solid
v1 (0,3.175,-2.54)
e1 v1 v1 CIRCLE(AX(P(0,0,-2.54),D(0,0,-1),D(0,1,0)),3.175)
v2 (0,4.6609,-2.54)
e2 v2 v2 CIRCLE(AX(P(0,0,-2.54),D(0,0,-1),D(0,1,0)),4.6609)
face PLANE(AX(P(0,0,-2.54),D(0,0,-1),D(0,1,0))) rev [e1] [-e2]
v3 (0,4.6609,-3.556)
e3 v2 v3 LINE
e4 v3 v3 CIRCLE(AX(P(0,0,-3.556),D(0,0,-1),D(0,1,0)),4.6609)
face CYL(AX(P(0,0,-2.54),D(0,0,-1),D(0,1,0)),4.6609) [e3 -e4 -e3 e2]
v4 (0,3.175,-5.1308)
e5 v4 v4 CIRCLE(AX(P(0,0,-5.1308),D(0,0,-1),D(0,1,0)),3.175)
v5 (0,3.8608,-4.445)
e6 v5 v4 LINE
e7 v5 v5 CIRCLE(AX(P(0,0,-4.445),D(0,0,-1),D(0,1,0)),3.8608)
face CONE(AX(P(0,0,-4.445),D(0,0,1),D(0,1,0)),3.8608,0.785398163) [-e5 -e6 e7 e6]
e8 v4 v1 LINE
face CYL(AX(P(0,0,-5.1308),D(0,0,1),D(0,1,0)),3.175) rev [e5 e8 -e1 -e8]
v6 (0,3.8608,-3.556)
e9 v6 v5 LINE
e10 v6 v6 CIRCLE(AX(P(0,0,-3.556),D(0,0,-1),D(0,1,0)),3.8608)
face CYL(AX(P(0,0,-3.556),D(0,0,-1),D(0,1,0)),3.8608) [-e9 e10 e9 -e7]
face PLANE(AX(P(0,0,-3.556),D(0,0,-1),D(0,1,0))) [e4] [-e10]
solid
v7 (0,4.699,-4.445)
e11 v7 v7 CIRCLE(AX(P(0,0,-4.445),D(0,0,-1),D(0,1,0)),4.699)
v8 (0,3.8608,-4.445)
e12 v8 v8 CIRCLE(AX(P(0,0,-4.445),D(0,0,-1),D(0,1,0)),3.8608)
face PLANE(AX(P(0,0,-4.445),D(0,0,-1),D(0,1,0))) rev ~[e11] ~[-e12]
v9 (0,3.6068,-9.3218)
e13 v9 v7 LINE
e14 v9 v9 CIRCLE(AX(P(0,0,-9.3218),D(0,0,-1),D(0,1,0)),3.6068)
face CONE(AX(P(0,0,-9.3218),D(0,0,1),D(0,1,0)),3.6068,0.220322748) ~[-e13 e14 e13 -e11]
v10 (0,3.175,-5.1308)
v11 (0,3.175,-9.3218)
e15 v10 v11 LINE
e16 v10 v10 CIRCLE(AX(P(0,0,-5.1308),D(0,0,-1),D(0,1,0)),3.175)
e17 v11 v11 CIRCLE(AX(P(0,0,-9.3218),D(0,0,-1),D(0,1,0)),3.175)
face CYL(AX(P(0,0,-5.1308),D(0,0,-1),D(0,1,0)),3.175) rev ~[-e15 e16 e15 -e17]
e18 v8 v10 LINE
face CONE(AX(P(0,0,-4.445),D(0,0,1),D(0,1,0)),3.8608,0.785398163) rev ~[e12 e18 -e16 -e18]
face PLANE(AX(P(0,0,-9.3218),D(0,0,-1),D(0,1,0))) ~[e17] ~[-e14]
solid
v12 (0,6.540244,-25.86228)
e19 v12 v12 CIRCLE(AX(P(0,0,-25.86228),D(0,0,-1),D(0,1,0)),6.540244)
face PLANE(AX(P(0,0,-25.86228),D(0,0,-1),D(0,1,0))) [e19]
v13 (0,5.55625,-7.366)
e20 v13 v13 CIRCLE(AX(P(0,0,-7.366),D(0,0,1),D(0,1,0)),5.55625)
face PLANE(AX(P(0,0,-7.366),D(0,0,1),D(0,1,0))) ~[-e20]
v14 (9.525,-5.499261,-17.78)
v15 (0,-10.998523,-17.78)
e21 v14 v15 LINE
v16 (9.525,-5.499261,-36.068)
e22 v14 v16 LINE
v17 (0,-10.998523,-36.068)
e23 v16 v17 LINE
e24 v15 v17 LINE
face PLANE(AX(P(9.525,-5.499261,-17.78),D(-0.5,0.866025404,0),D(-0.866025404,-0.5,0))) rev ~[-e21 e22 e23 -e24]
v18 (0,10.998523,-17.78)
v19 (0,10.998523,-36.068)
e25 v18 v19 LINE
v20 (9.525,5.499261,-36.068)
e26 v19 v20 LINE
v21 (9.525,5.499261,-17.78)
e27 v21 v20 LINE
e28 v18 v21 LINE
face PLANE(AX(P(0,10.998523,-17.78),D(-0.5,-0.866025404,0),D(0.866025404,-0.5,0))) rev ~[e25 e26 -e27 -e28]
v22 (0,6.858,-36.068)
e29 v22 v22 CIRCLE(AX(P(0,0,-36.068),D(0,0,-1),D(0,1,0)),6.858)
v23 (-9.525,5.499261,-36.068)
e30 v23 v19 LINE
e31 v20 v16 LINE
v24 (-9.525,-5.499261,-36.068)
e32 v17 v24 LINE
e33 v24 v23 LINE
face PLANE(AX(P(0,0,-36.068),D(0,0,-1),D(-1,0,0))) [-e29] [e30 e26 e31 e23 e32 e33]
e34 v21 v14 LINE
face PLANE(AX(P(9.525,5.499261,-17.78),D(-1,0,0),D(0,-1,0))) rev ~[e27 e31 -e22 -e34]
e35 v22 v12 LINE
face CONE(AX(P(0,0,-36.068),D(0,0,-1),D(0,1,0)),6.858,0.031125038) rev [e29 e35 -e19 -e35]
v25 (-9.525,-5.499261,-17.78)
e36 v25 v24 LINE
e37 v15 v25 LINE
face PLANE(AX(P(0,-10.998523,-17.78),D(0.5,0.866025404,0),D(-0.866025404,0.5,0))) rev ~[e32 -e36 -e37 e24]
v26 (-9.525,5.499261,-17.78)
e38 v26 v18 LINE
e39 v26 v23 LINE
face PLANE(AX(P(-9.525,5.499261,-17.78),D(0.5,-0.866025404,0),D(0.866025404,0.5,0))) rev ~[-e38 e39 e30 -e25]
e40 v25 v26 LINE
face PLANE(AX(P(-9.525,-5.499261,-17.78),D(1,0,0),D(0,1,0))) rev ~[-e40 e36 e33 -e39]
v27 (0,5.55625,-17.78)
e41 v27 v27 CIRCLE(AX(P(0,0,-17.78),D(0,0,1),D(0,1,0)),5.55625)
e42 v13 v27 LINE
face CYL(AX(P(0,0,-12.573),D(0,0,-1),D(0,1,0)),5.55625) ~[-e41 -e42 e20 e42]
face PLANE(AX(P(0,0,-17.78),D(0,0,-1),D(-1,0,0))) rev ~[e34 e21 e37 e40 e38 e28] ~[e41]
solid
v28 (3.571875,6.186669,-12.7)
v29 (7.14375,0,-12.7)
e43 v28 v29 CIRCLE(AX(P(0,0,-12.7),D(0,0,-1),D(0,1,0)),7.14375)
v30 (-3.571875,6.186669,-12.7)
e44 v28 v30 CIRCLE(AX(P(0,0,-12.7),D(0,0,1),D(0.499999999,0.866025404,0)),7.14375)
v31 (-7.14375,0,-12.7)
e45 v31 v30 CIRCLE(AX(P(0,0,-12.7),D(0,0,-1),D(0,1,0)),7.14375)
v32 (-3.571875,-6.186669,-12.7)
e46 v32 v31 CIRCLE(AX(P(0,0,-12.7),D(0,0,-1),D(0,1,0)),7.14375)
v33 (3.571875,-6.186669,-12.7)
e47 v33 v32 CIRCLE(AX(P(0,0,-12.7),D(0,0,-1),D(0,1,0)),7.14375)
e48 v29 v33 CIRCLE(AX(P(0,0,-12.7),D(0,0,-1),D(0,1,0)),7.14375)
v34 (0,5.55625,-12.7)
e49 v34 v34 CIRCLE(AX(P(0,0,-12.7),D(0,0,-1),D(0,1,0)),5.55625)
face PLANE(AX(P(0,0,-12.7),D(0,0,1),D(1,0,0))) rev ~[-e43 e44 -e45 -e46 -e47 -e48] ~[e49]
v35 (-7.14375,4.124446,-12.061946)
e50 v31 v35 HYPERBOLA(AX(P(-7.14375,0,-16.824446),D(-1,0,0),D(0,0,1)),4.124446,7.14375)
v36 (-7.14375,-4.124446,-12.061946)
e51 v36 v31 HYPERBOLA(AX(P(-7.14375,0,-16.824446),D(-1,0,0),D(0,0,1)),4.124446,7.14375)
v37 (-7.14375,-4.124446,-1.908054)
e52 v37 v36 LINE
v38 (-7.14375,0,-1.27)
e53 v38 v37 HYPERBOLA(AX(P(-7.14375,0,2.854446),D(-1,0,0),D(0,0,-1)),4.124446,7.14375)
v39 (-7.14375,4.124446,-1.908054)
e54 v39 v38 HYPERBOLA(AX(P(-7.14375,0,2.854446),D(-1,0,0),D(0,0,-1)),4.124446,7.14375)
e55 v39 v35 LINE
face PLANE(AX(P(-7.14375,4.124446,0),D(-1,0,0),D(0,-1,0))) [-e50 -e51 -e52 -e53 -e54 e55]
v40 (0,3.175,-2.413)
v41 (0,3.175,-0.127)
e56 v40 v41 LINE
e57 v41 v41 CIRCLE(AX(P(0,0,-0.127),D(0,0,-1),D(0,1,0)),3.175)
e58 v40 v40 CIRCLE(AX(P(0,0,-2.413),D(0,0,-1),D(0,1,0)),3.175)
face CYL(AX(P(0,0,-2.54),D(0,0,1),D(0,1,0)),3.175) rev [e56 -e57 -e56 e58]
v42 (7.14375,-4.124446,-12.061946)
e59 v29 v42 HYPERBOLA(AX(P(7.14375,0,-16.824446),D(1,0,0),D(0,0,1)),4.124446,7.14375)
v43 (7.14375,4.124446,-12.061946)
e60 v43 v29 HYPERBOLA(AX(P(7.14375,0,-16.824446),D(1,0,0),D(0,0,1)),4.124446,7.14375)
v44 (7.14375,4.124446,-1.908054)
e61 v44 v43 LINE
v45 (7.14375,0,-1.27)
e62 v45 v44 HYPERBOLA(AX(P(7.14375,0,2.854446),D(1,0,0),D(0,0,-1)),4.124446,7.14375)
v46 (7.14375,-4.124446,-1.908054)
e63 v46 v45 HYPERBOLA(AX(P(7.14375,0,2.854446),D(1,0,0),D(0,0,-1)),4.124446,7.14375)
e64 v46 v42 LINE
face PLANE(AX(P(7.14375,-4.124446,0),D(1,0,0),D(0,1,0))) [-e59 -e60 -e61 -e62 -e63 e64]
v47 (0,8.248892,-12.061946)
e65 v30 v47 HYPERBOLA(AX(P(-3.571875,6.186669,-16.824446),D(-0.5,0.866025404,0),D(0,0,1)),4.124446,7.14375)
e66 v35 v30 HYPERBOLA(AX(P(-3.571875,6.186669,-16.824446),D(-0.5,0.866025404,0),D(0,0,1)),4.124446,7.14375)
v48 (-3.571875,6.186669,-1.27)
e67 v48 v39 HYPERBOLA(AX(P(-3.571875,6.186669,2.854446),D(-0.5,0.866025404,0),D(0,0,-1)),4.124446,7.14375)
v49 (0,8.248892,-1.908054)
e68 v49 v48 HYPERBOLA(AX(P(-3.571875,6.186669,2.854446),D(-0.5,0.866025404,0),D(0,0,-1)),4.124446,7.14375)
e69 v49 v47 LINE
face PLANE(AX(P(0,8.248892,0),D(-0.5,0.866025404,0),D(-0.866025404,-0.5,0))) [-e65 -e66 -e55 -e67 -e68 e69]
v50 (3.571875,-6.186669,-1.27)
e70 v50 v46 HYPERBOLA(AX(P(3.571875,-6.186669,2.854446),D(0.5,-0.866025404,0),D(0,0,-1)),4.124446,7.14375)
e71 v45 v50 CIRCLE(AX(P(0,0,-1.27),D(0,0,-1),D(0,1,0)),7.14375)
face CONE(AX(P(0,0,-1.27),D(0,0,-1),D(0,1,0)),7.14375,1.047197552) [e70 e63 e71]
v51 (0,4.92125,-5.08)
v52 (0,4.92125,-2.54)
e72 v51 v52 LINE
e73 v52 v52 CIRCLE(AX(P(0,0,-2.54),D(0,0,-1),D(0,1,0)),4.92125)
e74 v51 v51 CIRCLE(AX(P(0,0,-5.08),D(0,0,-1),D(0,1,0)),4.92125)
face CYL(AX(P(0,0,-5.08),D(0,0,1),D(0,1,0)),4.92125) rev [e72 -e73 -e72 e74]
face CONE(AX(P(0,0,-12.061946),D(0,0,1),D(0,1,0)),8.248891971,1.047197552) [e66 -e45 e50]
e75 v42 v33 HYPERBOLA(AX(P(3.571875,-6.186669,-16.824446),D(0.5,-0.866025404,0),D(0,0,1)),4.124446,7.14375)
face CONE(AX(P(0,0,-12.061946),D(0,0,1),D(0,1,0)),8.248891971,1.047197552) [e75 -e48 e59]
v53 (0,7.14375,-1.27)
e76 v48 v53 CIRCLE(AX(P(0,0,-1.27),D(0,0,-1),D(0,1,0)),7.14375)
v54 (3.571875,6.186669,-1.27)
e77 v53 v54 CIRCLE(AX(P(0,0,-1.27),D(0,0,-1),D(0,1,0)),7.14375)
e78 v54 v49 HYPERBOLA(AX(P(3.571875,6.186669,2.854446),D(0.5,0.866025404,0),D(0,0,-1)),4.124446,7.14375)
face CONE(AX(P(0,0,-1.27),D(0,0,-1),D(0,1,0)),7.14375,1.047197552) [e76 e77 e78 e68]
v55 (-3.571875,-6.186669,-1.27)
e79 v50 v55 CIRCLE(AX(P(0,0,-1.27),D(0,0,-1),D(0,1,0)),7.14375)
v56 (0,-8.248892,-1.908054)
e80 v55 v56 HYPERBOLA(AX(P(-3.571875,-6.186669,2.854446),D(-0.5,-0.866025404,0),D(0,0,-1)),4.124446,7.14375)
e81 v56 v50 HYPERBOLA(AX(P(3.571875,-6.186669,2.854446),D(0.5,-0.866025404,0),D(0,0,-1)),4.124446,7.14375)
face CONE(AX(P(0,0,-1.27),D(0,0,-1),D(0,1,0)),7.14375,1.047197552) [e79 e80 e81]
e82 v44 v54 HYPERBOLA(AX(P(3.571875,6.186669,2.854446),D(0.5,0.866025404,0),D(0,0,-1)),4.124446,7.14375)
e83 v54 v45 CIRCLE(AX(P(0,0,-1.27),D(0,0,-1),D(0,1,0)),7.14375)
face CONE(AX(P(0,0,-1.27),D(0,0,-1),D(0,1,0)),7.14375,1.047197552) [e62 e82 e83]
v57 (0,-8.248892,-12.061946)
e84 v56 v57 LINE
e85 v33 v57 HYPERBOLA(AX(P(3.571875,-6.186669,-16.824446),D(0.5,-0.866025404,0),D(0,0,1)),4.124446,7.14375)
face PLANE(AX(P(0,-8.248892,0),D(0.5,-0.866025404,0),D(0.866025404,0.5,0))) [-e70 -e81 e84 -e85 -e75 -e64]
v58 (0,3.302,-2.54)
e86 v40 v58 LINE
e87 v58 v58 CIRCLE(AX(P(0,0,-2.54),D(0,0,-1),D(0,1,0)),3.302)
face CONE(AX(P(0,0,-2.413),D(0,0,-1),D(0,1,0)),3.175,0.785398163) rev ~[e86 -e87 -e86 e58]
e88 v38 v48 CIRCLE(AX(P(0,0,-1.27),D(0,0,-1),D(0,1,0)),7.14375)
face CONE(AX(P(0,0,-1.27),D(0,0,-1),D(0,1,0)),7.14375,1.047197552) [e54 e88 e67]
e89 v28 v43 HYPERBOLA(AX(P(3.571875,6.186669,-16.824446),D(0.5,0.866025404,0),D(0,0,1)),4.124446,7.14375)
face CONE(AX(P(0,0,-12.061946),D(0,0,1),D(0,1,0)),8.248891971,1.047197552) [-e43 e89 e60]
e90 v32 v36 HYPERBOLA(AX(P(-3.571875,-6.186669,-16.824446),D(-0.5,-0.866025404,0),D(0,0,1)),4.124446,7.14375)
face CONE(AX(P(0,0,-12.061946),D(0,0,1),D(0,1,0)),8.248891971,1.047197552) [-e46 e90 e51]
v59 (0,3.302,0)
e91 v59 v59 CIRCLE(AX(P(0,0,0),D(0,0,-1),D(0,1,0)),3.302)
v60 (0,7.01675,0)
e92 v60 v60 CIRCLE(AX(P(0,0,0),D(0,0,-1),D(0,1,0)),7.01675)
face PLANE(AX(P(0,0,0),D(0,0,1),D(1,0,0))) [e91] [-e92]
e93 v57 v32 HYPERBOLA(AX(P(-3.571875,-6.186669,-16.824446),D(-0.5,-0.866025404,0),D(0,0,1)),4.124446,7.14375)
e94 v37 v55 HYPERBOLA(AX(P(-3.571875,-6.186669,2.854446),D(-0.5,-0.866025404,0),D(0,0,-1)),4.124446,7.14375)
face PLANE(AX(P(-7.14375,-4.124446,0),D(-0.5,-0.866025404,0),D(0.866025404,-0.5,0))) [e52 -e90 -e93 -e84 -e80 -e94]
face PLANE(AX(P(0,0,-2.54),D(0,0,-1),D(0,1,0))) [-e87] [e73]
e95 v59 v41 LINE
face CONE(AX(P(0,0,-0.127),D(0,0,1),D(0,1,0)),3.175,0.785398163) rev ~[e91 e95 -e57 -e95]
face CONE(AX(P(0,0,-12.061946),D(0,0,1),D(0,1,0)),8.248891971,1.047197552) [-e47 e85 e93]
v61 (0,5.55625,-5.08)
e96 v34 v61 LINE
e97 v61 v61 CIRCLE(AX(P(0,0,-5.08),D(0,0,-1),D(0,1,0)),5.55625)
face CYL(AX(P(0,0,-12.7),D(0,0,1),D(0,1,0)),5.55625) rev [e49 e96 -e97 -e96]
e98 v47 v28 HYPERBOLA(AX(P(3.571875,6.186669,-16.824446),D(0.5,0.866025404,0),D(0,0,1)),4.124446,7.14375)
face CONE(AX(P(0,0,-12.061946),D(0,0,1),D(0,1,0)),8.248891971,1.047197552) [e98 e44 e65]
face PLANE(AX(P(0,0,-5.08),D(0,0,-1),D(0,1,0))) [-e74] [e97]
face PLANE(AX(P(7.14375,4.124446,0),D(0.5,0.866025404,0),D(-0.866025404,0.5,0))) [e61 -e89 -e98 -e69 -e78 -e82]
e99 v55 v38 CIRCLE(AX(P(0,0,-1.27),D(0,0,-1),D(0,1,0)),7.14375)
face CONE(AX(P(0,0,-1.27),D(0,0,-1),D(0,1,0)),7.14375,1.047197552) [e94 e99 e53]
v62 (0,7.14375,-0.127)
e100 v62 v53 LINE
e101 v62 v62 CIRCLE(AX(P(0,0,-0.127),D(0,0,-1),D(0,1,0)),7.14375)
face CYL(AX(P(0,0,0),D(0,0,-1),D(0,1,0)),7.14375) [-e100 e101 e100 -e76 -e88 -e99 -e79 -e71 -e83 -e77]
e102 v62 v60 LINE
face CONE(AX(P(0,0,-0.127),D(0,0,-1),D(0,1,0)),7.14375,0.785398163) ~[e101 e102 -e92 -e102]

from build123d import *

# Parameters (mm, degrees)
BOSS_EXTRUDE1_DEPTH = 12.7
CHAMFER1_SIZE       = 0.127
SKETCH4_W           = 10.414
SKETCH4_H           = 5.55625
BOSS_EXTRUDE2_DEPTH = 18.288


with BuildPart() as part:
    # Sketch2 → Boss-Extrude1 (new body)
    with BuildSketch(Plane.XY):
        Polygon((0, 8.248891971), (-7.14375, 4.124445986), (-7.14375, -4.124445986), (0, -8.248891971), (7.14375, -4.124445986), (7.14375, 4.124445986), align=None)
    extrude(amount=-BOSS_EXTRUDE1_DEPTH)

    # Sketch3 → Cut-Revolve1 (revolve, cut)
    with BuildSketch(Plane(origin=(0, 0, 0), x_dir=(0, 0, -1), z_dir=(1, 0, 0))):
        Polygon((0, 8.248891971), (0, 7.14375), (1.27, 7.14375), (1.908054014, 8.248891971), (12.061945986, 8.248891971), (12.7, 7.14375), (12.7, 8.248891971), (12.7, 9.354033942), (0, 9.354033942), align=None)
        Polygon((0, 3.175), (0, 0), (12.7, 0), (12.7, 5.55625), (5.08, 5.55625), (5.08, 4.92125), (2.54, 4.92125), (2.54, 4.28625), (2.54, 3.175), align=None)
    revolve(axis=Axis((0, 0, 0), (0, 0, -1)), mode=Mode.SUBTRACT)

    # Chamfer1
    chamfer1_edges = [part.edges().sort_by_distance(p)[0] for p in [
        (0, -7.14375, 0),
        (0, -3.175, -2.54),
        (0, -3.175, 0),
    ]]
    chamfer(chamfer1_edges, length=CHAMFER1_SIZE)


with BuildPart() as body_2:
    # Sketch4 → Revolve1 (revolve)
    with BuildSketch(Plane(origin=(0, 0, 0), x_dir=(0, 0, -1), z_dir=(1, 0, 0))):
        with Locations((12.573, 2.778125)):
            Rectangle(SKETCH4_W, SKETCH4_H)
    revolve(axis=Axis((0, 0, -17.78), (0, 0, 1)))

    # Sketch7 → Boss-Extrude2 (add)
    with BuildSketch(Plane(origin=(0, 0, -17.78), x_dir=(-1, 0, 0), z_dir=(0, 0, -1))):
        Polygon((0, 10.998522628), (-9.525, 5.499261314), (-9.525, -5.499261314), (0, -10.998522628), (9.525, -5.499261314), (9.525, 5.499261314), align=None)
    extrude(amount=BOSS_EXTRUDE2_DEPTH)


with BuildPart() as body_3:
    # Sketch9 → Revolve2 (revolve)
    with BuildSketch(Plane(origin=(0, 0, 0), x_dir=(0, 0, -1), z_dir=(1, 0, 0))):
        Polygon((4.445, 4.699), (4.445, 3.8608), (5.1308, 3.175), (9.3218, 3.175), (9.3218, 3.6068), align=None)
    revolve(axis=Axis((0, 0, 0), (0, 0, -1)))


with BuildPart() as body_4:
    # Sketch10 → Revolve3 (revolve)
    with BuildSketch(Plane(origin=(0, 0, 0), x_dir=(0, 0, -1), z_dir=(1, 0, 0))):
        Polygon((2.54, 4.6609), (3.556, 4.6609), (3.556, 3.8608), (4.445, 3.8608), (5.1308, 3.175), (2.54, 3.175), align=None)
    revolve(axis=Axis((0, 0, 0), (0, 0, -1)))


with BuildPart() as body_5:
    # Sketch11 → Revolve4 (revolve)
    with BuildSketch(Plane(origin=(0, 0, 0), x_dir=(0, 0, -1), z_dir=(1, 0, 0))):
        Polygon((25.86228, 0), (36.068, 0), (36.068, 6.858), (25.86228, 6.540243957), align=None)
    revolve(axis=Axis((0, 0, -25.86228), (0, 0, -1)))


with BuildPart() as body_2_1:
    add(body_2.part)

    # Combine1: cut body 5
    add(body_5.part, mode=Mode.SUBTRACT)


solid = Compound([part.part, body_3.part, body_4.part, body_2_1.part])
